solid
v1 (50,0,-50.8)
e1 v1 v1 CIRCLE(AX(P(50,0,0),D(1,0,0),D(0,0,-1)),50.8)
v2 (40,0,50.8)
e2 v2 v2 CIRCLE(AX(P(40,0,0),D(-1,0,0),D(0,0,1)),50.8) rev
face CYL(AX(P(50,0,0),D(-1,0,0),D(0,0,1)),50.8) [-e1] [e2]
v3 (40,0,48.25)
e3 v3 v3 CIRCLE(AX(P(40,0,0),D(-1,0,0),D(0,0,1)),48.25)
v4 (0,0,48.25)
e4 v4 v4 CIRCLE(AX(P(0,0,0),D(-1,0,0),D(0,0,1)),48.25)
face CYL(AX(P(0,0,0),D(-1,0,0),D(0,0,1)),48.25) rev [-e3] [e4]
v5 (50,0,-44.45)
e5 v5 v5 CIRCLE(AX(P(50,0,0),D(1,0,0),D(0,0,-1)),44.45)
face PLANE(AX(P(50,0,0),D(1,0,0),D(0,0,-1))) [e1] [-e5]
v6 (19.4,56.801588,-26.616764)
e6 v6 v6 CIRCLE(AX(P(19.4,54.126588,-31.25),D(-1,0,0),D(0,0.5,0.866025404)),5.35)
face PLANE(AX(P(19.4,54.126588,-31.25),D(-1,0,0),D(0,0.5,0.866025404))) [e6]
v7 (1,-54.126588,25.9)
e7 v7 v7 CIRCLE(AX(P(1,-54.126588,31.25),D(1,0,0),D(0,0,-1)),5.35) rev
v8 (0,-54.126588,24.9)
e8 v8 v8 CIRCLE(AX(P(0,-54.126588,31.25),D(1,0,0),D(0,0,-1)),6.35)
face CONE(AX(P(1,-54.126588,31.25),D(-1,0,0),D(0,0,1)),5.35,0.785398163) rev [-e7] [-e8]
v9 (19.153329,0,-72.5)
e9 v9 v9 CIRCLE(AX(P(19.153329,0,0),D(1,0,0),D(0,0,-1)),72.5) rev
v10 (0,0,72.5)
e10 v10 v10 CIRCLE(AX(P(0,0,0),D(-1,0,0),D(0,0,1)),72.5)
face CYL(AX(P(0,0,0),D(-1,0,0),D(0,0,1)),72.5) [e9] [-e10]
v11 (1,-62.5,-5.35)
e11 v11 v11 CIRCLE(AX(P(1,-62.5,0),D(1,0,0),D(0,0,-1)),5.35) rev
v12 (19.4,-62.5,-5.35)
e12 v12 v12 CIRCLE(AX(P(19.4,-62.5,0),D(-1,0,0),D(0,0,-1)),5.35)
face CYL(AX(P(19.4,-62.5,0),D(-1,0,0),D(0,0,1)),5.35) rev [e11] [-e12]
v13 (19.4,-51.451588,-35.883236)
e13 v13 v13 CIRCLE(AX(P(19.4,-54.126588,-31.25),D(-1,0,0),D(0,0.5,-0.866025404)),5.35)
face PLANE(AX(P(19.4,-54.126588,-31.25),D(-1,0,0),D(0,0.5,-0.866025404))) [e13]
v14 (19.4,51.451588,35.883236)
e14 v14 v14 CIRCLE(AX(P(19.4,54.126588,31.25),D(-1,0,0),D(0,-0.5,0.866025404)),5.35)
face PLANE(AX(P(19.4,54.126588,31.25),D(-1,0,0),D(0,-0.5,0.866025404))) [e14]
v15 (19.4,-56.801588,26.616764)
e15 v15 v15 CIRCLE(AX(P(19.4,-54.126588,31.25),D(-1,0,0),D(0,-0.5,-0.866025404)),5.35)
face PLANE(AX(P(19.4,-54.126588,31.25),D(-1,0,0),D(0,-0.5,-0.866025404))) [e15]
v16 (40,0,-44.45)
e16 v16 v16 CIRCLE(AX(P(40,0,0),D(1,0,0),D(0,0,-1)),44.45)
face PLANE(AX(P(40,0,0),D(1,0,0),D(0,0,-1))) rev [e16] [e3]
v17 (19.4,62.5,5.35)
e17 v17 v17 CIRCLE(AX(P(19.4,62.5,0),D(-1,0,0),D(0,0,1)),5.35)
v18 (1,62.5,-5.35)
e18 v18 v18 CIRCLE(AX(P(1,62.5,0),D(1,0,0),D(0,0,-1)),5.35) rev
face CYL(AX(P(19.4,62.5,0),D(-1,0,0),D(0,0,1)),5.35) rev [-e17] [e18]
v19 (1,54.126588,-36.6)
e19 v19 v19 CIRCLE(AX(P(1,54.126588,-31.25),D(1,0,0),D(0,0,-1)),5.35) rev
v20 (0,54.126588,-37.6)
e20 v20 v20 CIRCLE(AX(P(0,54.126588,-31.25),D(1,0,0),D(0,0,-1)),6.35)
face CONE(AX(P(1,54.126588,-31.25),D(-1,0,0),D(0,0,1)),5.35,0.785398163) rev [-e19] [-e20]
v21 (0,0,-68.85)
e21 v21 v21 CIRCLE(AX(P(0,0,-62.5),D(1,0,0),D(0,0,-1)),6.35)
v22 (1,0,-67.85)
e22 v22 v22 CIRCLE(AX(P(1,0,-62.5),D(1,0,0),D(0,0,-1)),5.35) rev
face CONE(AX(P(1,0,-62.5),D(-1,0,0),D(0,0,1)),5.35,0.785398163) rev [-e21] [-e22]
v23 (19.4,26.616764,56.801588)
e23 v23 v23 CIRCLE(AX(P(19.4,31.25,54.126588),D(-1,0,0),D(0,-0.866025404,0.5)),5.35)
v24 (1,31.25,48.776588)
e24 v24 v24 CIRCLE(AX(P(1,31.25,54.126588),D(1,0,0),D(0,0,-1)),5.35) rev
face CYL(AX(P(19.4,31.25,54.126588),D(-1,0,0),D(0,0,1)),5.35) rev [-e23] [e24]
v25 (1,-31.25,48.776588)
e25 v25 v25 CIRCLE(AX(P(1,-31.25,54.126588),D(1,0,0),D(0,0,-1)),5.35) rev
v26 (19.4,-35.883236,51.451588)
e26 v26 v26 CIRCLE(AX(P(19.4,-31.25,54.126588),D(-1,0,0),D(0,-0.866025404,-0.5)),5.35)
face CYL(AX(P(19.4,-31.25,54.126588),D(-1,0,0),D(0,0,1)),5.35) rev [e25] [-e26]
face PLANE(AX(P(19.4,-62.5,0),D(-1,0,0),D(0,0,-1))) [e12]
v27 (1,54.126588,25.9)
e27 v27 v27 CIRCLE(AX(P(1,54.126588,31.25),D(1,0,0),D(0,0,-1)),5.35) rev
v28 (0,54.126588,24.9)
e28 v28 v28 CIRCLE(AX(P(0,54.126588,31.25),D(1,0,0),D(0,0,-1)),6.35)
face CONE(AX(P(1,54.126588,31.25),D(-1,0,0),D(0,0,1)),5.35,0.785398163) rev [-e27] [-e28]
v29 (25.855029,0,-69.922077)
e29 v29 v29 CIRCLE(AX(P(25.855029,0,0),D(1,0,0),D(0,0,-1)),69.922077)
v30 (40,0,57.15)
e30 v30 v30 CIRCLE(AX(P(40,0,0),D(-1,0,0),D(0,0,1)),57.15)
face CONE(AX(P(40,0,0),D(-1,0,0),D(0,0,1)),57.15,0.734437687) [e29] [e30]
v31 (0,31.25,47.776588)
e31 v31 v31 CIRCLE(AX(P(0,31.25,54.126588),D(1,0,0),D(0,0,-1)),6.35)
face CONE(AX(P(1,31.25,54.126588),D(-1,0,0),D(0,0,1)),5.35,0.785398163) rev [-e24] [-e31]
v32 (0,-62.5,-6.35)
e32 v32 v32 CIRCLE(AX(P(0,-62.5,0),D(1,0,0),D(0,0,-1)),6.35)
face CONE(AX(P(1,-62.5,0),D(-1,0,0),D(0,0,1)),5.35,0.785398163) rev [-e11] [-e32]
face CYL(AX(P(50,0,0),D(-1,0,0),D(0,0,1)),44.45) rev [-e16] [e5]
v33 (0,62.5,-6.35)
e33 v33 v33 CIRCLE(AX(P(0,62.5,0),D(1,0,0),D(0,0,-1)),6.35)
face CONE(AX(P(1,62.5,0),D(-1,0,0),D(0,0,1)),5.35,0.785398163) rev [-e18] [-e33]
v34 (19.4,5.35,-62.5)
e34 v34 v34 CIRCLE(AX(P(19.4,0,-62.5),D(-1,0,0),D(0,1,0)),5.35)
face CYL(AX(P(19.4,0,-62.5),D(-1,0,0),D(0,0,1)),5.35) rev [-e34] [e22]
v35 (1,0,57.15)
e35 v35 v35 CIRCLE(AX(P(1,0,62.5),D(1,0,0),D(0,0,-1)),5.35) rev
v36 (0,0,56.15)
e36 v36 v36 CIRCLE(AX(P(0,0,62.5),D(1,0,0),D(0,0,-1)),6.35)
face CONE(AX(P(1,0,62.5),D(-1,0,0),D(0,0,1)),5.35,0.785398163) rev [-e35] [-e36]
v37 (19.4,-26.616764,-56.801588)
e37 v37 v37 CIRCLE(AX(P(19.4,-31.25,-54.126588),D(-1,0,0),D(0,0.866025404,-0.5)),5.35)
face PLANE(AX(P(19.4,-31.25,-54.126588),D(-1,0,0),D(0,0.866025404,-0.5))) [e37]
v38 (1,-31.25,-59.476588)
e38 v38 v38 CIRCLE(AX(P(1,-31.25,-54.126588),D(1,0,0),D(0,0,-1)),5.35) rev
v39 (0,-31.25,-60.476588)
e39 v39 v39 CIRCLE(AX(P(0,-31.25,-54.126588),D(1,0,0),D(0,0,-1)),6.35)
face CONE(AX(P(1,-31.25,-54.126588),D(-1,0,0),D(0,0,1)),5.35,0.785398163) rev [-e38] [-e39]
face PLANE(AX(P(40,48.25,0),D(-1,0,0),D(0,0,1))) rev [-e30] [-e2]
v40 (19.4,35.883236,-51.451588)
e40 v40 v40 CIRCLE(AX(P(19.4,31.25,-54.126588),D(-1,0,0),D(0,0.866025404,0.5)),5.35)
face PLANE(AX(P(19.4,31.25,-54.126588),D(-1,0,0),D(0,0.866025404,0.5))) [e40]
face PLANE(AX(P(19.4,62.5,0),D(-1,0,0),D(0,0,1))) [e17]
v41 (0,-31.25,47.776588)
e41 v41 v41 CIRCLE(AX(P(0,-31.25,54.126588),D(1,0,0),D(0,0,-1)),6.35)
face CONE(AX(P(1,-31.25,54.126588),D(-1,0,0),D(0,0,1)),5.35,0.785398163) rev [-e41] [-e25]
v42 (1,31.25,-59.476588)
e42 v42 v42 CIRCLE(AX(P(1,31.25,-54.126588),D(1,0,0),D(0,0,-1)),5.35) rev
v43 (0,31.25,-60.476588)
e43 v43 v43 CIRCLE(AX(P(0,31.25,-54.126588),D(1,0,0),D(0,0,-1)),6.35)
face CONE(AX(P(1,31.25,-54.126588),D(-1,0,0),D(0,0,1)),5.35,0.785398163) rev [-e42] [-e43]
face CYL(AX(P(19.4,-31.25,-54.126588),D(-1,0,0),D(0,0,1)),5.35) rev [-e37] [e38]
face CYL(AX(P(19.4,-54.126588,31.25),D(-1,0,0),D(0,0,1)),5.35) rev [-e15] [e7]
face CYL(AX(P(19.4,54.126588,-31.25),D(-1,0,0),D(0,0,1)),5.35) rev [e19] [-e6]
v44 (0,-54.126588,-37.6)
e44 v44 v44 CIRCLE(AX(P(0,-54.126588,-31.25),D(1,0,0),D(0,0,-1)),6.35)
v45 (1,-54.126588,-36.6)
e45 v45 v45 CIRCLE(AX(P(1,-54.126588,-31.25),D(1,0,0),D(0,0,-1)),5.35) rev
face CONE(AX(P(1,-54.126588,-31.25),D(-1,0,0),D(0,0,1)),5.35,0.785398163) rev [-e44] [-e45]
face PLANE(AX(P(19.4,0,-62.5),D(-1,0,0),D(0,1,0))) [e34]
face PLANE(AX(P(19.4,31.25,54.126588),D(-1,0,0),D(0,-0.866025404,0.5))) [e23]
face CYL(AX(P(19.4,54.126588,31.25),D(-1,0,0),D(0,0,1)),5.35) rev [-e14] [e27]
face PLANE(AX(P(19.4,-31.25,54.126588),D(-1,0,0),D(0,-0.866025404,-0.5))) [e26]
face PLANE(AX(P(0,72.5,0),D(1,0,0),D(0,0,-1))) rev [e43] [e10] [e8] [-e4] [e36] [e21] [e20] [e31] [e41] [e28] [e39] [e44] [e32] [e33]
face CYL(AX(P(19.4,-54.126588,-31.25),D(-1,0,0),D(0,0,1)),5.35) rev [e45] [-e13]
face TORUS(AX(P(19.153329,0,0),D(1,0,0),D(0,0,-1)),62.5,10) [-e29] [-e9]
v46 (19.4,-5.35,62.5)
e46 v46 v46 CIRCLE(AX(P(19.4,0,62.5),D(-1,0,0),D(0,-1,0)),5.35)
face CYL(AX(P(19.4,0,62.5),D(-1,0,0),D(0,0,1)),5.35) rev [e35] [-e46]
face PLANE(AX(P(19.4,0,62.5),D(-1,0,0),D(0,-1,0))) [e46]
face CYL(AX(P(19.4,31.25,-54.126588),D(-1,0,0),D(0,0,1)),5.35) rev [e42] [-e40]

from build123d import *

# Parameters (mm, degrees)
ZAOKR_GLENIE1_R                  = 10
SZKIC2_R                         = 50.8
SZKIC2_R_2                       = 44.45
DODANIE_WYCI_GNI_CIE1_DEPTH      = 10
SZKIC3_R                         = 5.35
WYTNIJ_WYCI_GNI_CIE1_DEPTH       = 19.4
SFAZOWANIE1_SIZE                 = 1
SZYK_KO_OWY1_COUNT               = 12
SFAZOWANIE1_OF_SZYK_KO_OWY1_SIZE = 1


with BuildPart() as part:
    # Szkic1 → Obrót1 (revolve)
    with BuildSketch(Plane.XY, mode=Mode.PRIVATE) as obr_t1_sk:
        Polygon((0, 48.25), (40, 48.25), (40, 57.15), (23, 72.5), (0, 72.5), align=None)
    revolve(obr_t1_sk.sketch.rotate(Axis((0, 0, 0), (1, 0, 0)), 90), axis=Axis((0, 0, 0), (1, 0, 0)))

    # Zaokrąglenie1
    zaokr_glenie1_edges = [part.edges().sort_by_distance(p)[0] for p in [
        (23, 0, -72.5),
    ]]
    fillet(zaokr_glenie1_edges, radius=ZAOKR_GLENIE1_R)

    # Szkic2 → Dodanie-wyciągnięcie1 (add)
    with BuildSketch(Plane(origin=(40, 0, 0), x_dir=(0, 0, -1), z_dir=(1, 0, 0))):
        with Locations(Location((0, 0, 0), (0, 0, 180))):
            Circle(SZKIC2_R)
        Circle(SZKIC2_R_2, mode=Mode.SUBTRACT)
    extrude(amount=DODANIE_WYCI_GNI_CIE1_DEPTH)

    # Szkic3 → Wytnij-wyciągnięcie1 (cut)
    with BuildSketch(Plane.ZY):
        with Locations((0, 62.5)):
            Circle(SZKIC3_R)
    wytnij_wyci_gni_cie1 = extrude(amount=-WYTNIJ_WYCI_GNI_CIE1_DEPTH, mode=Mode.SUBTRACT)

    # Sfazowanie1
    sfazowanie1_edges = [part.edges().sort_by_distance(p)[0] for p in [
        (0, 62.5, -5.35),
    ]]
    chamfer(sfazowanie1_edges, length=SFAZOWANIE1_SIZE)

    # Szyk kołowy1: Wytnij-wyciągnięcie1 ×12 about axis
    szyk_ko_owy1_axis = Axis((0, 0, 0), (1, 0, 0))
    for i in range(1, SZYK_KO_OWY1_COUNT):
        add(wytnij_wyci_gni_cie1.rotate(szyk_ko_owy1_axis, i * 360 / SZYK_KO_OWY1_COUNT), mode=Mode.SUBTRACT)

    # Sfazowanie1 of Szyk kołowy1
    sfazowanie1_of_szyk_ko_owy1_edges = [part.edges().sort_by_distance(p)[0] for p in [
        (0, 56.801587737, 26.61676409),
        (0, 35.88323591, 51.451587737),
        (0, 5.35, 62.5),
        (0, -26.61676409, 56.801587737),
        (0, -51.451587737, 35.88323591),
        (0, -62.5, 5.35),
        (0, -56.801587737, -26.61676409),
        (0, -35.88323591, -51.451587737),
        (0, -5.35, -62.5),
        (0, 26.61676409, -56.801587737),
        (0, 51.451587737, -35.88323591),
    ]]
    chamfer(sfazowanie1_of_szyk_ko_owy1_edges, length=SFAZOWANIE1_OF_SZYK_KO_OWY1_SIZE)


solid = part.part
